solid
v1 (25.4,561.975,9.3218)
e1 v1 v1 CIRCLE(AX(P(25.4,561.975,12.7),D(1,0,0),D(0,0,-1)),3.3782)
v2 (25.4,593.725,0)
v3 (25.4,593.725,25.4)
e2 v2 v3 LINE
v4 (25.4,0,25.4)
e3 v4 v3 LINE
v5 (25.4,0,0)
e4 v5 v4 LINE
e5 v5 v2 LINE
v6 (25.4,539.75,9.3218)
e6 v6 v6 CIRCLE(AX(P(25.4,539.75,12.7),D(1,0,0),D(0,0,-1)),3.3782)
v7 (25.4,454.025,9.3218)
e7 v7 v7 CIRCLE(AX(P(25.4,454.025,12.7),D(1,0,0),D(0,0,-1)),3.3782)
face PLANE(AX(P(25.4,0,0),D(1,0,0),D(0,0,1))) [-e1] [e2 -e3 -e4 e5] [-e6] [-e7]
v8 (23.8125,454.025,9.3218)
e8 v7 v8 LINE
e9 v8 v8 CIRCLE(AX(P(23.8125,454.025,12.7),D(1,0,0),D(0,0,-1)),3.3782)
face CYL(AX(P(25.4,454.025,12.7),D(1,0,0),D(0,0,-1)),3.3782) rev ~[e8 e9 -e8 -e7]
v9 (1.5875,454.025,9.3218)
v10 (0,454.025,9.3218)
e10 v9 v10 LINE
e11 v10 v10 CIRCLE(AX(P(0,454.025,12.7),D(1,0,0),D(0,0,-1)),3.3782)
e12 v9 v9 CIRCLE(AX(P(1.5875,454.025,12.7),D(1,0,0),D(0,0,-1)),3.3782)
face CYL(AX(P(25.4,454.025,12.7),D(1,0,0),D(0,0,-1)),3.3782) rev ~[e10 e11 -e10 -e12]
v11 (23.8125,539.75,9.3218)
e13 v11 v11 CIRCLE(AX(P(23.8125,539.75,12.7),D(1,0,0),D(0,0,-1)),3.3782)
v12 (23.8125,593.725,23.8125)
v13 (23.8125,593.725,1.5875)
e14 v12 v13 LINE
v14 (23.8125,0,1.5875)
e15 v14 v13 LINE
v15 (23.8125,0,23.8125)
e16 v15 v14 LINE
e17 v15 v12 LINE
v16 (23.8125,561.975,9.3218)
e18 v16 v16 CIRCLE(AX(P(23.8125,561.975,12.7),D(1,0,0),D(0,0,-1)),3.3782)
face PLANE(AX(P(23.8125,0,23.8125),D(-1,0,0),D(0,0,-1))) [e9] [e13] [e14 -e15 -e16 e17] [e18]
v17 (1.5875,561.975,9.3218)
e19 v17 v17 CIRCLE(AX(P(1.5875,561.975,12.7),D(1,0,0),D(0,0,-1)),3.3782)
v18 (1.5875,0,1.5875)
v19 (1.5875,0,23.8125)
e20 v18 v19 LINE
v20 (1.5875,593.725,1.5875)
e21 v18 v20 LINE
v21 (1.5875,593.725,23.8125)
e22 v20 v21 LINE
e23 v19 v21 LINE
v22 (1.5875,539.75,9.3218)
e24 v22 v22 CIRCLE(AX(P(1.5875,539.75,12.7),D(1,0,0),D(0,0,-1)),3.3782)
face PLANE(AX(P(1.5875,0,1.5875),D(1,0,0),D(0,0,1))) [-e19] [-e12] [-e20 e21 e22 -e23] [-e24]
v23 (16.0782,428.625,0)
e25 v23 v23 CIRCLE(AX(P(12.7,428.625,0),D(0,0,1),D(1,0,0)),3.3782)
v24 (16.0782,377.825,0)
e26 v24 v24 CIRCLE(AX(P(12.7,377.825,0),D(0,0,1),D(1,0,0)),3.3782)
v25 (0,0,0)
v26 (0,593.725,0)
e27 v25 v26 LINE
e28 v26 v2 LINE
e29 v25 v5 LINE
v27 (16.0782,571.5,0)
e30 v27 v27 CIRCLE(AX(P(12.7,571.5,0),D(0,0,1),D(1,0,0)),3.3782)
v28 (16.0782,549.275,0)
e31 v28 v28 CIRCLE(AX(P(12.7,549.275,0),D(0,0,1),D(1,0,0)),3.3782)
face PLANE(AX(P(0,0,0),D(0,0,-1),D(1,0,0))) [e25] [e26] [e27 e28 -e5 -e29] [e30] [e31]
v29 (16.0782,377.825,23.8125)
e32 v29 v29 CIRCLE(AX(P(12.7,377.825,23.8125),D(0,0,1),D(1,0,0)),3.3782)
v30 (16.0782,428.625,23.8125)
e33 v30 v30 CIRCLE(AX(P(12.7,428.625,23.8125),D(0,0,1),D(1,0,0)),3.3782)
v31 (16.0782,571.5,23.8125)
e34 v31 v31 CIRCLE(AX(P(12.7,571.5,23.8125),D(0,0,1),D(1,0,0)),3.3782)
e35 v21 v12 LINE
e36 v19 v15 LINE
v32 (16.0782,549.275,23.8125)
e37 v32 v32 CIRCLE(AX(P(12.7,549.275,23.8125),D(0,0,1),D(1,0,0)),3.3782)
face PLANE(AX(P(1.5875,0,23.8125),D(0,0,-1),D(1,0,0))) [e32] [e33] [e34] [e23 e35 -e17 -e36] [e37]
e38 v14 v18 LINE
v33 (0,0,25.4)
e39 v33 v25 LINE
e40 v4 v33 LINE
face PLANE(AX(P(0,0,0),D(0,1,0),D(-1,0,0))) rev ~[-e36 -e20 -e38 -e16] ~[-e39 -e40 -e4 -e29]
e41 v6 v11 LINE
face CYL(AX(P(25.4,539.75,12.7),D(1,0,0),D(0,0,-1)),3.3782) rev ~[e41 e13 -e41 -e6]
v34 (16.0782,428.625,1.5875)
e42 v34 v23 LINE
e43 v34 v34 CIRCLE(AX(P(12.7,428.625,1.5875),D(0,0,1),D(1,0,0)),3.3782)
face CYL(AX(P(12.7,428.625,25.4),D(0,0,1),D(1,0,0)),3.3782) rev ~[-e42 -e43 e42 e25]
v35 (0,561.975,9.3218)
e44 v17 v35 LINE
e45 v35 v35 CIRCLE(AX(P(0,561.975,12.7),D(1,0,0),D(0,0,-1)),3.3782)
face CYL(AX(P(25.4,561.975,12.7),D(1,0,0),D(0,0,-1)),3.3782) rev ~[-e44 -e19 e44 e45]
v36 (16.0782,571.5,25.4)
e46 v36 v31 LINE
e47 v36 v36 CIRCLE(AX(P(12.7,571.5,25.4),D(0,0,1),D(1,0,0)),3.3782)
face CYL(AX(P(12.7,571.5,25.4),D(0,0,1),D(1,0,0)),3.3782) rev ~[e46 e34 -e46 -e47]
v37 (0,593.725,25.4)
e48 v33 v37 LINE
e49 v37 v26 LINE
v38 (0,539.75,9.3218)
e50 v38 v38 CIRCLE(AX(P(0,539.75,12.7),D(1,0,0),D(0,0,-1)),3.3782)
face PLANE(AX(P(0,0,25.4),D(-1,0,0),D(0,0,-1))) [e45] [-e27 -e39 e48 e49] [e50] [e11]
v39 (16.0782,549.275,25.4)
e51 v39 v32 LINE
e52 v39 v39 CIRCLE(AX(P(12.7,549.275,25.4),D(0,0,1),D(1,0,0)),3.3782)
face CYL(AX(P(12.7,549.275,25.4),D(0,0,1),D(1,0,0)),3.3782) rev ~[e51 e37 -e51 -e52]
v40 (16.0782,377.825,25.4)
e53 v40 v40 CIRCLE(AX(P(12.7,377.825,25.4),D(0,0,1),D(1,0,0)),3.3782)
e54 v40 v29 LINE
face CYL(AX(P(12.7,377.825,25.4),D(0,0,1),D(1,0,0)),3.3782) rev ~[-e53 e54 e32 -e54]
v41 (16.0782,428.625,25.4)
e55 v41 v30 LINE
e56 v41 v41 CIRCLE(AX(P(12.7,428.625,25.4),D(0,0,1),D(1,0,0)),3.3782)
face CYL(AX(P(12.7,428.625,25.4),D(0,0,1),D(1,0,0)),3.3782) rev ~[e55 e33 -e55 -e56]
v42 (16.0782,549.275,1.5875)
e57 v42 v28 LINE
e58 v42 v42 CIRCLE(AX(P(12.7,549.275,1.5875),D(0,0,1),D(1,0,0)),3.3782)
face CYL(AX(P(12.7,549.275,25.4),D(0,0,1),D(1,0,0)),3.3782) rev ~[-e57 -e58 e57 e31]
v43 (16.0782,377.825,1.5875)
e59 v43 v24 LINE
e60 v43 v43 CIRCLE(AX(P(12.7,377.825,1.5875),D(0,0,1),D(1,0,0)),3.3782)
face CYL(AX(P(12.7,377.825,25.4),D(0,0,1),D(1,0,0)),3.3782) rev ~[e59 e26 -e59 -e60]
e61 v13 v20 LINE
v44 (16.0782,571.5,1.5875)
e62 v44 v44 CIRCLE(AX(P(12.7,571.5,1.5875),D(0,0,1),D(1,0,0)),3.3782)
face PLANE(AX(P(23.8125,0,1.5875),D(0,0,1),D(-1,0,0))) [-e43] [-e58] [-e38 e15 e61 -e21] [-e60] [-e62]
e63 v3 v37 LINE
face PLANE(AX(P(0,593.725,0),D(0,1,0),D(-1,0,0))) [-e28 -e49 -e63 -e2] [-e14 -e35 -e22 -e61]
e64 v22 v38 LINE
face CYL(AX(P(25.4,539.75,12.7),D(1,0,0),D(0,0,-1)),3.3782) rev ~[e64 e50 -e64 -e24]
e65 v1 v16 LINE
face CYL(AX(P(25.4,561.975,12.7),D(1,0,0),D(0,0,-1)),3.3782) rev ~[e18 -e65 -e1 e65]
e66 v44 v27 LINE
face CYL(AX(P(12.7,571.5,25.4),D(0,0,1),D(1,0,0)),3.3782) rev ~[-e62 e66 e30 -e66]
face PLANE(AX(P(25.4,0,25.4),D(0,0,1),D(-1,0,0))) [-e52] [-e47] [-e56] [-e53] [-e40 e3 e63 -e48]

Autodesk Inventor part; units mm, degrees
ref_plane "YZ Plane" through (0, 0, 0) normal (1, 0, 0) x (0, 1, 0)
ref_plane "XZ Plane" through (0, 0, 0) normal (0, 1, 0) x (-1, 0, 0)
ref_plane "XY Plane" through (0, 0, 0) normal (0, 0, 1) x (1, 0, 0)
sketch "Sketch1" plane through (0, 0, 0) normal (0, 1, 0) x (-1, 0, 0)
  line L0 (0, 0) -> (-25.4, 0)
  line L1 (-25.4, 0) -> (-25.4, 25.4)
  line L2 (-25.4, 25.4) -> (0, 25.4)
  line L3 (0, 25.4) -> (0, 0)
  line L4 (-1.5875, 23.8125) -> (-23.8125, 23.8125)
  line L5 (-23.8125, 23.8125) -> (-23.8125, 1.5875)
  line L6 (-23.8125, 1.5875) -> (-1.5875, 1.5875)
  line L7 (-1.5875, 1.5875) -> (-1.5875, 23.8125)
  dimension "d0" = 25.4
  dimension "d2" = 25.4
  dimension "d3" = 1.5875
extrude "Extrusion1" add sketch "Sketch1" along normal blind 593.725
sketch "Sketch5" plane through (25.4, 0, 25.4) normal (1, 0, 0) x (0, 0, -1)
  circle A0 centre (12.7, 561.975) radius 3.3782 projected
  circle A1 centre (12.7, 539.75) radius 3.3782 projected
  circle A2 centre (12.7, 454.025) radius 3.3782 projected
extrude "Cut3" cut sketch "Sketch5" against normal blind 2540
sketch "Sketch6" plane through (0, 0, 25.4) normal (0, 0, 1) x (1, 0, 0)
  circle A0 centre (12.7, 428.625) radius 3.3782 projected
  circle A1 centre (12.7, 377.825) radius 3.3782 projected
  circle A2 centre (12.7, 571.5) radius 3.3782 projected
  circle A3 centre (12.7, 549.275) radius 3.3782 projected
extrude "Cut4" cut sketch "Sketch6" against normal blind 2540
equation "\"BendRadius\" = Thickness"
equation "\"BendReliefWidth\" = Thickness"
equation "\"BendReliefDepth\" = 0.5 * Thickness"
equation "\"CornerReliefSize\" = 4 * Thickness"
equation "\"MinimumRemnant\" = 2 * Thickness"
equation "\"TransitionRadius\" = BendRadius"
equation "\"JacobiRadiusSize\" = Thickness"
equation "\"GapSize\" = Thickness"
equation "\"Thickness\" = 3.048"
properties part number "edge mount shortened" material "Aluminum 6061"
